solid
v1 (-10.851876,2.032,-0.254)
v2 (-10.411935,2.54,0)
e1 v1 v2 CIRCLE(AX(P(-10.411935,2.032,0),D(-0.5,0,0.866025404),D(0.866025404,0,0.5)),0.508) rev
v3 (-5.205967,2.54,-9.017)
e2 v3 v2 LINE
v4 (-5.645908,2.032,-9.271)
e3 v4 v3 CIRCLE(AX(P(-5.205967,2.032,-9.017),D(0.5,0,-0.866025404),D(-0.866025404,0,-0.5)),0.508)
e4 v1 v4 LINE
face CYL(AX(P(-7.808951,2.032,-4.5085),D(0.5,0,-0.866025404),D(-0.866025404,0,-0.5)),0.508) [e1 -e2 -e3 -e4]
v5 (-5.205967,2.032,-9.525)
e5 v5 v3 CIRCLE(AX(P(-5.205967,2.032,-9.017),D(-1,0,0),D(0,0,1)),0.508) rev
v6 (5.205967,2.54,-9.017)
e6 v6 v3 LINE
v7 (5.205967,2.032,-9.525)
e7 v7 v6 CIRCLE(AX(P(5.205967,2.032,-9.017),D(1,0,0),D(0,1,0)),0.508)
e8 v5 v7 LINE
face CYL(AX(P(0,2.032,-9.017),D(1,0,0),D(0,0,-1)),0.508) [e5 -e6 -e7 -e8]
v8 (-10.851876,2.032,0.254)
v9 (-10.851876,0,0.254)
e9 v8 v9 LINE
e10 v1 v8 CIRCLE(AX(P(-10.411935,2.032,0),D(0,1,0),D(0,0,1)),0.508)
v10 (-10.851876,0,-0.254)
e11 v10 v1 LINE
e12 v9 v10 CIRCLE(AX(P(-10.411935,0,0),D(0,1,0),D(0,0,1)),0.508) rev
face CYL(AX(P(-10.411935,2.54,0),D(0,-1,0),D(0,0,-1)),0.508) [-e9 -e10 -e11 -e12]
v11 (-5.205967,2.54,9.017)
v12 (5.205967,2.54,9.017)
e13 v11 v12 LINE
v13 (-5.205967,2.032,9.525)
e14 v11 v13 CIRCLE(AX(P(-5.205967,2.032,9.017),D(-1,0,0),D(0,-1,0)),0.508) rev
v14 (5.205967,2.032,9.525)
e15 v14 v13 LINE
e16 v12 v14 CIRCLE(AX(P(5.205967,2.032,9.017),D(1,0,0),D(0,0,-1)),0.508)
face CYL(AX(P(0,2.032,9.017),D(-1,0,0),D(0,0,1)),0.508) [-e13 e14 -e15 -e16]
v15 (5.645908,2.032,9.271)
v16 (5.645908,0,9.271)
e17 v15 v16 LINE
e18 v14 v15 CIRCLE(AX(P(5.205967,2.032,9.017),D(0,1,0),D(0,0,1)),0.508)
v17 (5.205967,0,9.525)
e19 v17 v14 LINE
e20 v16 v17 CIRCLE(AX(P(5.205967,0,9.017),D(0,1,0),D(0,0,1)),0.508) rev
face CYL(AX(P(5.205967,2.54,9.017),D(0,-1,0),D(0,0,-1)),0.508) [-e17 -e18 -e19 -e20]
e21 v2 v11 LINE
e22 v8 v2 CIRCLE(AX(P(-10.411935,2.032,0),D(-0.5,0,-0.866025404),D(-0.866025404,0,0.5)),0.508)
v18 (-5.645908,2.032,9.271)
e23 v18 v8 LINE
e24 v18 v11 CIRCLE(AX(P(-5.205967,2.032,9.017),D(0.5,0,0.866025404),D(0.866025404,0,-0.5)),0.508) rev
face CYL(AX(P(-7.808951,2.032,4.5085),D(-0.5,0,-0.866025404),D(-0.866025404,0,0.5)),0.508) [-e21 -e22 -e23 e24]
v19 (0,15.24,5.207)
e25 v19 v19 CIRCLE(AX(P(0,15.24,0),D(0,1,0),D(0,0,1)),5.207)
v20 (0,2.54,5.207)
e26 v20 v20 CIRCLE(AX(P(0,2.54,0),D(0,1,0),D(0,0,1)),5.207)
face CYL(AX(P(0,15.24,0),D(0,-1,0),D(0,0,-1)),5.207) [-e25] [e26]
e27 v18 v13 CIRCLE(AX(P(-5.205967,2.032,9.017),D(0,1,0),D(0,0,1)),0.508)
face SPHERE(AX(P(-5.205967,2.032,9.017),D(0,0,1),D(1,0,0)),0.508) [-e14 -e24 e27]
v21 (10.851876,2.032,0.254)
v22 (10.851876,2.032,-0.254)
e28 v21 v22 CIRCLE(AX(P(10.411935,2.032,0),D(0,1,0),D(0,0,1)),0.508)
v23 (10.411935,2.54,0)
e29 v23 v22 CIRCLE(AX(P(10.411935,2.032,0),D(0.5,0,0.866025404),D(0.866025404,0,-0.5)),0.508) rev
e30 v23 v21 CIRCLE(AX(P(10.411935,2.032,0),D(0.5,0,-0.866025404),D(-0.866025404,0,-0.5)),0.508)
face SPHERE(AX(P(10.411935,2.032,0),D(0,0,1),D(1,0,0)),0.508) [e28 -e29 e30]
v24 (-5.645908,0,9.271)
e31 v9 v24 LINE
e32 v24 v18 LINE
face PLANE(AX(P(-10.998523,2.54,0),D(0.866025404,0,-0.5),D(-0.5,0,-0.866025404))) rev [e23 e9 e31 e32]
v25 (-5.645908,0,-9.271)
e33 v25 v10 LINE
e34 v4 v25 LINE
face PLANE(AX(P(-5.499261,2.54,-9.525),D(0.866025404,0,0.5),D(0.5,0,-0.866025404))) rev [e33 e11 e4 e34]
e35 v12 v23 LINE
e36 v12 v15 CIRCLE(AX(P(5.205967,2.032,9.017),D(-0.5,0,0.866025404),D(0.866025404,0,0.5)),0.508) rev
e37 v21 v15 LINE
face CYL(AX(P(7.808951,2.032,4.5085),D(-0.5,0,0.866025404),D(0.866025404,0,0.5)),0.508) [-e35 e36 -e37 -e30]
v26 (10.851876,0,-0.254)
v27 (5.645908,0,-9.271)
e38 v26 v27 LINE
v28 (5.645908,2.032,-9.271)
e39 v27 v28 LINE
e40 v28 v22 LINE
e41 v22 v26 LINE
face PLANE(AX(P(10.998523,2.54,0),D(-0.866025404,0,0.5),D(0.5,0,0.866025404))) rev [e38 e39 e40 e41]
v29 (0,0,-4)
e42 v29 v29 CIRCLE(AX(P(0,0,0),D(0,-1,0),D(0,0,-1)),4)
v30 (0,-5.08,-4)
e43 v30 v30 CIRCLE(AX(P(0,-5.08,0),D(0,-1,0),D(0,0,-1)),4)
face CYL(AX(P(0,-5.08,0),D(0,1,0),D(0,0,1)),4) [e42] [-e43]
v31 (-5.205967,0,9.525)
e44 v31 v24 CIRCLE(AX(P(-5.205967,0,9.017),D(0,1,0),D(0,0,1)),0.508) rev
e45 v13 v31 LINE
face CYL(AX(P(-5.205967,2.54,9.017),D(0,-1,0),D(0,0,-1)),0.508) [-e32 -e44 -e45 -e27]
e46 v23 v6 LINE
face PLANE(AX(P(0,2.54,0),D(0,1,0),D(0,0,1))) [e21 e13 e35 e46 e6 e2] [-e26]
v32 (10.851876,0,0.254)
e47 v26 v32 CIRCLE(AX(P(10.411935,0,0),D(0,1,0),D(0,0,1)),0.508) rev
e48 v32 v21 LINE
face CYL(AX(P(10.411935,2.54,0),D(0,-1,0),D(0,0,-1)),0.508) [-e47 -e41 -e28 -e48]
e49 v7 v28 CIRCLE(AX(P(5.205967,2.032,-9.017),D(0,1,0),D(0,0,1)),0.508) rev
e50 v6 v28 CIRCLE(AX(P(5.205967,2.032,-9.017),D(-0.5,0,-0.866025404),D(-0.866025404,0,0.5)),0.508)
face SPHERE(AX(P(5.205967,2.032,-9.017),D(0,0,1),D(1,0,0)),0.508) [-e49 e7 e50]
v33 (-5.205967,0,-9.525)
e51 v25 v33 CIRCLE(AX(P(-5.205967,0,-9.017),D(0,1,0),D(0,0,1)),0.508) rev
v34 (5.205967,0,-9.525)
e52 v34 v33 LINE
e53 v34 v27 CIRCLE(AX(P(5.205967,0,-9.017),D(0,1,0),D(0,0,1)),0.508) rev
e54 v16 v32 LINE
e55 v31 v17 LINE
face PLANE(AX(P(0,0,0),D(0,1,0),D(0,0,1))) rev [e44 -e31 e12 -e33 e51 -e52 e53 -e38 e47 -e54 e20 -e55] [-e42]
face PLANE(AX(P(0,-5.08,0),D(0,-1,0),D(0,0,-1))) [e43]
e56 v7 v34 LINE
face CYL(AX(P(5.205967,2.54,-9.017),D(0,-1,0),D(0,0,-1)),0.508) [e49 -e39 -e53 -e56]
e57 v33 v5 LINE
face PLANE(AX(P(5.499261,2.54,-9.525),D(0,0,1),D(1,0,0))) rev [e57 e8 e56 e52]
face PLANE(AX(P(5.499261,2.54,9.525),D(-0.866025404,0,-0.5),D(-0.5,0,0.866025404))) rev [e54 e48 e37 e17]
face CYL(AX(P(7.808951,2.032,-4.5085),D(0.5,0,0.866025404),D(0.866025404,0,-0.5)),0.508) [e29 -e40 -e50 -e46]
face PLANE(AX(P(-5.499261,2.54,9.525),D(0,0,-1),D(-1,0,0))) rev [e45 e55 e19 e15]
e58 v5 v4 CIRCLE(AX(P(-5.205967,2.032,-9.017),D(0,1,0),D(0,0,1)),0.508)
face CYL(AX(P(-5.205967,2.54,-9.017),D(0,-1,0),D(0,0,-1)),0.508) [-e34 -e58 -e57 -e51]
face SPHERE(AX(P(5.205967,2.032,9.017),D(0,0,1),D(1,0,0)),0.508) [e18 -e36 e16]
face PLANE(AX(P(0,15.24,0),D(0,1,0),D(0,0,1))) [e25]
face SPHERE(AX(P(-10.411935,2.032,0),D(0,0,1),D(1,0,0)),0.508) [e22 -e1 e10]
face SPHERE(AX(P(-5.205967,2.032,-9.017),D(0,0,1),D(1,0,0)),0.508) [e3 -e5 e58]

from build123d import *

# Parameters (mm, degrees)
BOSS_EXTRUDE1_DEPTH = 2.54
SKETCH2_R           = 5.207
BOSS_EXTRUDE2_DEPTH = 12.7
SKETCH6_R           = 4
BOSS_EXTRUDE3_DEPTH = 5.08
FILLET1_R           = 0.508


with BuildPart() as part:
    # Sketch1 → Boss-Extrude1 (new body)
    with BuildSketch(Plane(origin=(0, 0, 0), x_dir=(1, 0, 0), z_dir=(0, 1, 0))):
        Polygon((10.998522628, 0), (5.499261314, 9.525), (-5.499261314, 9.525), (-10.998522628, 0), (-5.499261314, -9.525), (5.499261314, -9.525), align=None)
    extrude(amount=BOSS_EXTRUDE1_DEPTH)

    # Sketch2 → Boss-Extrude2 (add)
    with BuildSketch(Plane(origin=(0, 2.54, 0), x_dir=(1, 0, 0), z_dir=(0, 1, 0))):
        Circle(SKETCH2_R)
    extrude(amount=BOSS_EXTRUDE2_DEPTH)

    # Sketch6 → Boss-Extrude3 (add)
    with BuildSketch(Plane(origin=(0, 0, 0), x_dir=(-1, 0, 0), z_dir=(0, -1, 0))):
        Circle(SKETCH6_R)
    extrude(amount=BOSS_EXTRUDE3_DEPTH)

    # Fillet1
    fillet1_edges = [part.edges().sort_by_distance(p)[0] for p in [
        (0, 2.54, -9.525),
        (5.499261314, 1.27, 9.525),
        (-5.499261314, 1.27, 9.525),
        (-10.998522628, 1.27, 0),
        (-5.499261314, 1.27, -9.525),
        (5.499261314, 1.27, -9.525),
        (10.998522628, 1.27, 0),
        (-8.248891971, 2.54, -4.7625),
        (-8.248891971, 2.54, 4.7625),
        (0, 2.54, 9.525),
        (8.248891971, 2.54, 4.7625),
        (8.248891971, 2.54, -4.7625),
    ]]
    fillet(fillet1_edges, radius=FILLET1_R)


solid = part.part
